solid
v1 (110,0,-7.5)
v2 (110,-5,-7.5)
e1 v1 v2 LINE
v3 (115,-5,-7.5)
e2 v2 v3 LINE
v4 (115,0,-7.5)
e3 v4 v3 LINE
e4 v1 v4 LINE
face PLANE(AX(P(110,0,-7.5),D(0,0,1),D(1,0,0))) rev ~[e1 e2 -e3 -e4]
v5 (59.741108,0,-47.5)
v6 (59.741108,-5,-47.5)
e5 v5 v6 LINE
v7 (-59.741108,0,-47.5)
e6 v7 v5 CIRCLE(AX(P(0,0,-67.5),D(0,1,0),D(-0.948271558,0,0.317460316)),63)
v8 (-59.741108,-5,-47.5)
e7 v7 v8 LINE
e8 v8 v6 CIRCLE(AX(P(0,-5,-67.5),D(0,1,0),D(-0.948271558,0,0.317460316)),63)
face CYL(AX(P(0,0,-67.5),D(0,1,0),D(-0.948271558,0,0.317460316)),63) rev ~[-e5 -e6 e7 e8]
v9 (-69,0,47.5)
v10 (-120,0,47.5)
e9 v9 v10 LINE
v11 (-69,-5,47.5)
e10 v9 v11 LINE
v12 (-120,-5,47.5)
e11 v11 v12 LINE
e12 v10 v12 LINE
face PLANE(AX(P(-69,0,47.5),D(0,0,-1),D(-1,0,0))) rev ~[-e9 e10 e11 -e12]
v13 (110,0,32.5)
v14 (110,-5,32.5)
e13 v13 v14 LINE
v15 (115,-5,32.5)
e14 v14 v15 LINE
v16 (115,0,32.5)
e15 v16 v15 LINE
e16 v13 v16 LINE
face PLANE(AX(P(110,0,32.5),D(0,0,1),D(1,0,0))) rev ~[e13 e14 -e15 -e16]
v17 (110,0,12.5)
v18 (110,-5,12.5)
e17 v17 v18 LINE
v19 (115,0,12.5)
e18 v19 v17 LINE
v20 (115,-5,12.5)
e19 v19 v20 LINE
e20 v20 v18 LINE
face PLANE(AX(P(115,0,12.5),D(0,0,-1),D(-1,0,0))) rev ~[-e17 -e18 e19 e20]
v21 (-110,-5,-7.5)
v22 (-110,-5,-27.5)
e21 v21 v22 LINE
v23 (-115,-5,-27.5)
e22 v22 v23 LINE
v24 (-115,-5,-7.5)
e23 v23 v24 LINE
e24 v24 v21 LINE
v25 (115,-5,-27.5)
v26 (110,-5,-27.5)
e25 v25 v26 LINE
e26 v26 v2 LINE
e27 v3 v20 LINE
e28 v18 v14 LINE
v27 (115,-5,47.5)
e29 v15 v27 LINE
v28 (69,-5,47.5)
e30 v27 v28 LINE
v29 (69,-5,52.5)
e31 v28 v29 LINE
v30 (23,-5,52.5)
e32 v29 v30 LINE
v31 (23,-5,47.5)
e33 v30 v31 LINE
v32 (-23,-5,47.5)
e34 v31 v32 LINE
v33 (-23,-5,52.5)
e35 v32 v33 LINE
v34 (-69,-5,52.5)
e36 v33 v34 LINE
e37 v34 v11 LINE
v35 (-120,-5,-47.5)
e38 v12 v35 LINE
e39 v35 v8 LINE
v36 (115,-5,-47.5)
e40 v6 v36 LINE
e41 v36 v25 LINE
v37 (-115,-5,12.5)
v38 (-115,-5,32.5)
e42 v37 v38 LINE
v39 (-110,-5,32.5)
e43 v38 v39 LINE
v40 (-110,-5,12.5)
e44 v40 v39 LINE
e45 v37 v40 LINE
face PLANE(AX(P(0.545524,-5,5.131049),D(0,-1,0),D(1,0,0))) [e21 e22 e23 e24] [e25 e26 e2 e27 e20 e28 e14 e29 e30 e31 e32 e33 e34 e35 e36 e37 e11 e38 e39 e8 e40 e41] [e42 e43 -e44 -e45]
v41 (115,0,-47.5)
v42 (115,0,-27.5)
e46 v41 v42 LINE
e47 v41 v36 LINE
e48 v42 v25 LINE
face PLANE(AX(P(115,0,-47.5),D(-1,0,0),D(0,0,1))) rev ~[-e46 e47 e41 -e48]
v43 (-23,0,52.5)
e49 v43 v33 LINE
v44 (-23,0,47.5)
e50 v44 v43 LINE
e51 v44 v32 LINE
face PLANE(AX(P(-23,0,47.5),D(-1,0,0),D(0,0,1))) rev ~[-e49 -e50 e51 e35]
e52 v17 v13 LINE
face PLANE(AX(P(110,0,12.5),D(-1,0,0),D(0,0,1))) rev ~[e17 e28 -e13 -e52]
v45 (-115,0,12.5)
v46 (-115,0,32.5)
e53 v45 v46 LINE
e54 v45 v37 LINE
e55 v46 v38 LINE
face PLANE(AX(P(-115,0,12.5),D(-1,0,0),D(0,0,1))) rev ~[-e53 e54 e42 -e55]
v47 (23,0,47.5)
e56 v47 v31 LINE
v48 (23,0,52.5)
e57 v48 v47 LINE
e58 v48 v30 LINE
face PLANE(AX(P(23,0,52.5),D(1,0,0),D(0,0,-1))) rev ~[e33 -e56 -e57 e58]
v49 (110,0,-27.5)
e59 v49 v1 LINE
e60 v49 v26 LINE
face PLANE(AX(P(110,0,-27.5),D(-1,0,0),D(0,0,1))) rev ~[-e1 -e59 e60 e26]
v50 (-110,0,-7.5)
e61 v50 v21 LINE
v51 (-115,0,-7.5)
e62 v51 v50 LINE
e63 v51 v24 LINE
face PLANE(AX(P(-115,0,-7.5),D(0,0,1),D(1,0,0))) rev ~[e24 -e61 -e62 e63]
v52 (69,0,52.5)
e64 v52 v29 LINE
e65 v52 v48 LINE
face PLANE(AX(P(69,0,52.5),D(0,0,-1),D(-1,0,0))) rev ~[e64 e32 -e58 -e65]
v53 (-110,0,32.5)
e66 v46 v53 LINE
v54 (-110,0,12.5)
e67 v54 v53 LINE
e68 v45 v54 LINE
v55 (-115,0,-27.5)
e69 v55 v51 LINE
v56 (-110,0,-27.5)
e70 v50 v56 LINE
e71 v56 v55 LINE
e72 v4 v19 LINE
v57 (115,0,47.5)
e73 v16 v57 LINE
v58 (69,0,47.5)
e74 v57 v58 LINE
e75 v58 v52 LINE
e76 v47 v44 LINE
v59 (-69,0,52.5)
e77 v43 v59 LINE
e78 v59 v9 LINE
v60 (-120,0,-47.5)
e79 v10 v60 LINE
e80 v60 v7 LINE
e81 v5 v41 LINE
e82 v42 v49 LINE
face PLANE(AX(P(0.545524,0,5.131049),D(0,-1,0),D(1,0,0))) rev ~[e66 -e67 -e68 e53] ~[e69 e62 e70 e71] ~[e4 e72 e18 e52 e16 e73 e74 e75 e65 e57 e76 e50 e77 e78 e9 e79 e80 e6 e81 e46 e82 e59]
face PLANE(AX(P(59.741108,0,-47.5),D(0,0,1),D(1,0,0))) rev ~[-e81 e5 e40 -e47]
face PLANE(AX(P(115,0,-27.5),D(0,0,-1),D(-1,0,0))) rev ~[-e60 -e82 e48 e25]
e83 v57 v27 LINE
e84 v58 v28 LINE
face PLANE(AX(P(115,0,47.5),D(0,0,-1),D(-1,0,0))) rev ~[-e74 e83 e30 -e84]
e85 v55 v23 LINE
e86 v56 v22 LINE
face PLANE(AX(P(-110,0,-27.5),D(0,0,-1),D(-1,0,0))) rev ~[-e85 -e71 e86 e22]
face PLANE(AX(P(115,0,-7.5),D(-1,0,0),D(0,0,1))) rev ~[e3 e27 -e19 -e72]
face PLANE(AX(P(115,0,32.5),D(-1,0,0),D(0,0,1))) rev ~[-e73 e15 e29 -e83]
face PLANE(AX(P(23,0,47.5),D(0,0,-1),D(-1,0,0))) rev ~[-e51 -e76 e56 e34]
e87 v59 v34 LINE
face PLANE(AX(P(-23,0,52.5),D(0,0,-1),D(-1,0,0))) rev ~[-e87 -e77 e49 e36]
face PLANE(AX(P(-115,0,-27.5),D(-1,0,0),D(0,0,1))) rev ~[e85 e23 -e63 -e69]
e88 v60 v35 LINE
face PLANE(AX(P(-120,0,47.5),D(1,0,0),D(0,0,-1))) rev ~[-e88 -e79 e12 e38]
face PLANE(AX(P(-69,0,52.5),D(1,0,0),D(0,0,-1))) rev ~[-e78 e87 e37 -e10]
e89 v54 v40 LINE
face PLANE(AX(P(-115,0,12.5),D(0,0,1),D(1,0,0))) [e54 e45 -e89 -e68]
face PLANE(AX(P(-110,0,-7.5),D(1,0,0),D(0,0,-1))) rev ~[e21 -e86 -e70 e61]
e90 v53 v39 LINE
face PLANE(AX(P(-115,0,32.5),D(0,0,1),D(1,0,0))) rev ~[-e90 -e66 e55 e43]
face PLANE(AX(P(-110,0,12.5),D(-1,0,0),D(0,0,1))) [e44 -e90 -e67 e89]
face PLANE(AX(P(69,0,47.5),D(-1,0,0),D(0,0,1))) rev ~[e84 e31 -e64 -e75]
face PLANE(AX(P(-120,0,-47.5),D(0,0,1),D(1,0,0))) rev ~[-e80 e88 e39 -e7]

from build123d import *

# Parameters (mm, degrees)
F0_W     = 5
F0_H     = 20
F1_DEPTH = 5


with BuildPart() as f1:
    # F0 (on Front) → F1 (new body)
    with BuildSketch(Plane.XZ):
        with BuildLine():
            Line((59.741108, -47.5), (110, -47.5))
            Line((110, -47.5), (115, -47.5))
            Line((115, -47.5), (115, -27.5))
            Line((115, -27.5), (110, -27.5))
            Line((110, -27.5), (110, -7.5))
            Line((110, -7.5), (115, -7.5))
            Line((115, -7.5), (115, 12.5))
            Line((115, 12.5), (110, 12.5))
            Line((110, 12.5), (110, 32.5))
            Line((110, 32.5), (115, 32.5))
            Line((115, 32.5), (115, 47.5))
            Line((115, 47.5), (69, 47.5))
            Line((69, 47.5), (69, 52.5))
            Line((69, 52.5), (23, 52.5))
            Line((23, 52.5), (23, 47.5))
            Line((23, 47.5), (-23, 47.5))
            Line((-23, 47.5), (-23, 52.5))
            Line((-23, 52.5), (-69, 52.5))
            Line((-69, 52.5), (-69, 47.5))
            Line((-69, 47.5), (-115, 47.5))
            Line((-115, 47.5), (-120, 47.5))
            Line((-120, 47.5), (-120, -47.5))
            Line((-120, -47.5), (-115, -47.5))
            Line((-115, -47.5), (-110, -47.5))
            Line((-110, -47.5), (-59.741108, -47.5))
            ThreePointArc((-59.741108, -47.5), (0, -4.5), (59.741108, -47.5))
        make_face()
        Polygon((-110, -27.5), (-115, -27.5), (-115, -7.5), (-110, -7.5), (-110, -17.5), align=None, mode=Mode.SUBTRACT)
        with Locations((-112.5, 22.5)):
            Rectangle(F0_W, F0_H, mode=Mode.SUBTRACT)
    extrude(amount=F1_DEPTH)


solid = f1.part
